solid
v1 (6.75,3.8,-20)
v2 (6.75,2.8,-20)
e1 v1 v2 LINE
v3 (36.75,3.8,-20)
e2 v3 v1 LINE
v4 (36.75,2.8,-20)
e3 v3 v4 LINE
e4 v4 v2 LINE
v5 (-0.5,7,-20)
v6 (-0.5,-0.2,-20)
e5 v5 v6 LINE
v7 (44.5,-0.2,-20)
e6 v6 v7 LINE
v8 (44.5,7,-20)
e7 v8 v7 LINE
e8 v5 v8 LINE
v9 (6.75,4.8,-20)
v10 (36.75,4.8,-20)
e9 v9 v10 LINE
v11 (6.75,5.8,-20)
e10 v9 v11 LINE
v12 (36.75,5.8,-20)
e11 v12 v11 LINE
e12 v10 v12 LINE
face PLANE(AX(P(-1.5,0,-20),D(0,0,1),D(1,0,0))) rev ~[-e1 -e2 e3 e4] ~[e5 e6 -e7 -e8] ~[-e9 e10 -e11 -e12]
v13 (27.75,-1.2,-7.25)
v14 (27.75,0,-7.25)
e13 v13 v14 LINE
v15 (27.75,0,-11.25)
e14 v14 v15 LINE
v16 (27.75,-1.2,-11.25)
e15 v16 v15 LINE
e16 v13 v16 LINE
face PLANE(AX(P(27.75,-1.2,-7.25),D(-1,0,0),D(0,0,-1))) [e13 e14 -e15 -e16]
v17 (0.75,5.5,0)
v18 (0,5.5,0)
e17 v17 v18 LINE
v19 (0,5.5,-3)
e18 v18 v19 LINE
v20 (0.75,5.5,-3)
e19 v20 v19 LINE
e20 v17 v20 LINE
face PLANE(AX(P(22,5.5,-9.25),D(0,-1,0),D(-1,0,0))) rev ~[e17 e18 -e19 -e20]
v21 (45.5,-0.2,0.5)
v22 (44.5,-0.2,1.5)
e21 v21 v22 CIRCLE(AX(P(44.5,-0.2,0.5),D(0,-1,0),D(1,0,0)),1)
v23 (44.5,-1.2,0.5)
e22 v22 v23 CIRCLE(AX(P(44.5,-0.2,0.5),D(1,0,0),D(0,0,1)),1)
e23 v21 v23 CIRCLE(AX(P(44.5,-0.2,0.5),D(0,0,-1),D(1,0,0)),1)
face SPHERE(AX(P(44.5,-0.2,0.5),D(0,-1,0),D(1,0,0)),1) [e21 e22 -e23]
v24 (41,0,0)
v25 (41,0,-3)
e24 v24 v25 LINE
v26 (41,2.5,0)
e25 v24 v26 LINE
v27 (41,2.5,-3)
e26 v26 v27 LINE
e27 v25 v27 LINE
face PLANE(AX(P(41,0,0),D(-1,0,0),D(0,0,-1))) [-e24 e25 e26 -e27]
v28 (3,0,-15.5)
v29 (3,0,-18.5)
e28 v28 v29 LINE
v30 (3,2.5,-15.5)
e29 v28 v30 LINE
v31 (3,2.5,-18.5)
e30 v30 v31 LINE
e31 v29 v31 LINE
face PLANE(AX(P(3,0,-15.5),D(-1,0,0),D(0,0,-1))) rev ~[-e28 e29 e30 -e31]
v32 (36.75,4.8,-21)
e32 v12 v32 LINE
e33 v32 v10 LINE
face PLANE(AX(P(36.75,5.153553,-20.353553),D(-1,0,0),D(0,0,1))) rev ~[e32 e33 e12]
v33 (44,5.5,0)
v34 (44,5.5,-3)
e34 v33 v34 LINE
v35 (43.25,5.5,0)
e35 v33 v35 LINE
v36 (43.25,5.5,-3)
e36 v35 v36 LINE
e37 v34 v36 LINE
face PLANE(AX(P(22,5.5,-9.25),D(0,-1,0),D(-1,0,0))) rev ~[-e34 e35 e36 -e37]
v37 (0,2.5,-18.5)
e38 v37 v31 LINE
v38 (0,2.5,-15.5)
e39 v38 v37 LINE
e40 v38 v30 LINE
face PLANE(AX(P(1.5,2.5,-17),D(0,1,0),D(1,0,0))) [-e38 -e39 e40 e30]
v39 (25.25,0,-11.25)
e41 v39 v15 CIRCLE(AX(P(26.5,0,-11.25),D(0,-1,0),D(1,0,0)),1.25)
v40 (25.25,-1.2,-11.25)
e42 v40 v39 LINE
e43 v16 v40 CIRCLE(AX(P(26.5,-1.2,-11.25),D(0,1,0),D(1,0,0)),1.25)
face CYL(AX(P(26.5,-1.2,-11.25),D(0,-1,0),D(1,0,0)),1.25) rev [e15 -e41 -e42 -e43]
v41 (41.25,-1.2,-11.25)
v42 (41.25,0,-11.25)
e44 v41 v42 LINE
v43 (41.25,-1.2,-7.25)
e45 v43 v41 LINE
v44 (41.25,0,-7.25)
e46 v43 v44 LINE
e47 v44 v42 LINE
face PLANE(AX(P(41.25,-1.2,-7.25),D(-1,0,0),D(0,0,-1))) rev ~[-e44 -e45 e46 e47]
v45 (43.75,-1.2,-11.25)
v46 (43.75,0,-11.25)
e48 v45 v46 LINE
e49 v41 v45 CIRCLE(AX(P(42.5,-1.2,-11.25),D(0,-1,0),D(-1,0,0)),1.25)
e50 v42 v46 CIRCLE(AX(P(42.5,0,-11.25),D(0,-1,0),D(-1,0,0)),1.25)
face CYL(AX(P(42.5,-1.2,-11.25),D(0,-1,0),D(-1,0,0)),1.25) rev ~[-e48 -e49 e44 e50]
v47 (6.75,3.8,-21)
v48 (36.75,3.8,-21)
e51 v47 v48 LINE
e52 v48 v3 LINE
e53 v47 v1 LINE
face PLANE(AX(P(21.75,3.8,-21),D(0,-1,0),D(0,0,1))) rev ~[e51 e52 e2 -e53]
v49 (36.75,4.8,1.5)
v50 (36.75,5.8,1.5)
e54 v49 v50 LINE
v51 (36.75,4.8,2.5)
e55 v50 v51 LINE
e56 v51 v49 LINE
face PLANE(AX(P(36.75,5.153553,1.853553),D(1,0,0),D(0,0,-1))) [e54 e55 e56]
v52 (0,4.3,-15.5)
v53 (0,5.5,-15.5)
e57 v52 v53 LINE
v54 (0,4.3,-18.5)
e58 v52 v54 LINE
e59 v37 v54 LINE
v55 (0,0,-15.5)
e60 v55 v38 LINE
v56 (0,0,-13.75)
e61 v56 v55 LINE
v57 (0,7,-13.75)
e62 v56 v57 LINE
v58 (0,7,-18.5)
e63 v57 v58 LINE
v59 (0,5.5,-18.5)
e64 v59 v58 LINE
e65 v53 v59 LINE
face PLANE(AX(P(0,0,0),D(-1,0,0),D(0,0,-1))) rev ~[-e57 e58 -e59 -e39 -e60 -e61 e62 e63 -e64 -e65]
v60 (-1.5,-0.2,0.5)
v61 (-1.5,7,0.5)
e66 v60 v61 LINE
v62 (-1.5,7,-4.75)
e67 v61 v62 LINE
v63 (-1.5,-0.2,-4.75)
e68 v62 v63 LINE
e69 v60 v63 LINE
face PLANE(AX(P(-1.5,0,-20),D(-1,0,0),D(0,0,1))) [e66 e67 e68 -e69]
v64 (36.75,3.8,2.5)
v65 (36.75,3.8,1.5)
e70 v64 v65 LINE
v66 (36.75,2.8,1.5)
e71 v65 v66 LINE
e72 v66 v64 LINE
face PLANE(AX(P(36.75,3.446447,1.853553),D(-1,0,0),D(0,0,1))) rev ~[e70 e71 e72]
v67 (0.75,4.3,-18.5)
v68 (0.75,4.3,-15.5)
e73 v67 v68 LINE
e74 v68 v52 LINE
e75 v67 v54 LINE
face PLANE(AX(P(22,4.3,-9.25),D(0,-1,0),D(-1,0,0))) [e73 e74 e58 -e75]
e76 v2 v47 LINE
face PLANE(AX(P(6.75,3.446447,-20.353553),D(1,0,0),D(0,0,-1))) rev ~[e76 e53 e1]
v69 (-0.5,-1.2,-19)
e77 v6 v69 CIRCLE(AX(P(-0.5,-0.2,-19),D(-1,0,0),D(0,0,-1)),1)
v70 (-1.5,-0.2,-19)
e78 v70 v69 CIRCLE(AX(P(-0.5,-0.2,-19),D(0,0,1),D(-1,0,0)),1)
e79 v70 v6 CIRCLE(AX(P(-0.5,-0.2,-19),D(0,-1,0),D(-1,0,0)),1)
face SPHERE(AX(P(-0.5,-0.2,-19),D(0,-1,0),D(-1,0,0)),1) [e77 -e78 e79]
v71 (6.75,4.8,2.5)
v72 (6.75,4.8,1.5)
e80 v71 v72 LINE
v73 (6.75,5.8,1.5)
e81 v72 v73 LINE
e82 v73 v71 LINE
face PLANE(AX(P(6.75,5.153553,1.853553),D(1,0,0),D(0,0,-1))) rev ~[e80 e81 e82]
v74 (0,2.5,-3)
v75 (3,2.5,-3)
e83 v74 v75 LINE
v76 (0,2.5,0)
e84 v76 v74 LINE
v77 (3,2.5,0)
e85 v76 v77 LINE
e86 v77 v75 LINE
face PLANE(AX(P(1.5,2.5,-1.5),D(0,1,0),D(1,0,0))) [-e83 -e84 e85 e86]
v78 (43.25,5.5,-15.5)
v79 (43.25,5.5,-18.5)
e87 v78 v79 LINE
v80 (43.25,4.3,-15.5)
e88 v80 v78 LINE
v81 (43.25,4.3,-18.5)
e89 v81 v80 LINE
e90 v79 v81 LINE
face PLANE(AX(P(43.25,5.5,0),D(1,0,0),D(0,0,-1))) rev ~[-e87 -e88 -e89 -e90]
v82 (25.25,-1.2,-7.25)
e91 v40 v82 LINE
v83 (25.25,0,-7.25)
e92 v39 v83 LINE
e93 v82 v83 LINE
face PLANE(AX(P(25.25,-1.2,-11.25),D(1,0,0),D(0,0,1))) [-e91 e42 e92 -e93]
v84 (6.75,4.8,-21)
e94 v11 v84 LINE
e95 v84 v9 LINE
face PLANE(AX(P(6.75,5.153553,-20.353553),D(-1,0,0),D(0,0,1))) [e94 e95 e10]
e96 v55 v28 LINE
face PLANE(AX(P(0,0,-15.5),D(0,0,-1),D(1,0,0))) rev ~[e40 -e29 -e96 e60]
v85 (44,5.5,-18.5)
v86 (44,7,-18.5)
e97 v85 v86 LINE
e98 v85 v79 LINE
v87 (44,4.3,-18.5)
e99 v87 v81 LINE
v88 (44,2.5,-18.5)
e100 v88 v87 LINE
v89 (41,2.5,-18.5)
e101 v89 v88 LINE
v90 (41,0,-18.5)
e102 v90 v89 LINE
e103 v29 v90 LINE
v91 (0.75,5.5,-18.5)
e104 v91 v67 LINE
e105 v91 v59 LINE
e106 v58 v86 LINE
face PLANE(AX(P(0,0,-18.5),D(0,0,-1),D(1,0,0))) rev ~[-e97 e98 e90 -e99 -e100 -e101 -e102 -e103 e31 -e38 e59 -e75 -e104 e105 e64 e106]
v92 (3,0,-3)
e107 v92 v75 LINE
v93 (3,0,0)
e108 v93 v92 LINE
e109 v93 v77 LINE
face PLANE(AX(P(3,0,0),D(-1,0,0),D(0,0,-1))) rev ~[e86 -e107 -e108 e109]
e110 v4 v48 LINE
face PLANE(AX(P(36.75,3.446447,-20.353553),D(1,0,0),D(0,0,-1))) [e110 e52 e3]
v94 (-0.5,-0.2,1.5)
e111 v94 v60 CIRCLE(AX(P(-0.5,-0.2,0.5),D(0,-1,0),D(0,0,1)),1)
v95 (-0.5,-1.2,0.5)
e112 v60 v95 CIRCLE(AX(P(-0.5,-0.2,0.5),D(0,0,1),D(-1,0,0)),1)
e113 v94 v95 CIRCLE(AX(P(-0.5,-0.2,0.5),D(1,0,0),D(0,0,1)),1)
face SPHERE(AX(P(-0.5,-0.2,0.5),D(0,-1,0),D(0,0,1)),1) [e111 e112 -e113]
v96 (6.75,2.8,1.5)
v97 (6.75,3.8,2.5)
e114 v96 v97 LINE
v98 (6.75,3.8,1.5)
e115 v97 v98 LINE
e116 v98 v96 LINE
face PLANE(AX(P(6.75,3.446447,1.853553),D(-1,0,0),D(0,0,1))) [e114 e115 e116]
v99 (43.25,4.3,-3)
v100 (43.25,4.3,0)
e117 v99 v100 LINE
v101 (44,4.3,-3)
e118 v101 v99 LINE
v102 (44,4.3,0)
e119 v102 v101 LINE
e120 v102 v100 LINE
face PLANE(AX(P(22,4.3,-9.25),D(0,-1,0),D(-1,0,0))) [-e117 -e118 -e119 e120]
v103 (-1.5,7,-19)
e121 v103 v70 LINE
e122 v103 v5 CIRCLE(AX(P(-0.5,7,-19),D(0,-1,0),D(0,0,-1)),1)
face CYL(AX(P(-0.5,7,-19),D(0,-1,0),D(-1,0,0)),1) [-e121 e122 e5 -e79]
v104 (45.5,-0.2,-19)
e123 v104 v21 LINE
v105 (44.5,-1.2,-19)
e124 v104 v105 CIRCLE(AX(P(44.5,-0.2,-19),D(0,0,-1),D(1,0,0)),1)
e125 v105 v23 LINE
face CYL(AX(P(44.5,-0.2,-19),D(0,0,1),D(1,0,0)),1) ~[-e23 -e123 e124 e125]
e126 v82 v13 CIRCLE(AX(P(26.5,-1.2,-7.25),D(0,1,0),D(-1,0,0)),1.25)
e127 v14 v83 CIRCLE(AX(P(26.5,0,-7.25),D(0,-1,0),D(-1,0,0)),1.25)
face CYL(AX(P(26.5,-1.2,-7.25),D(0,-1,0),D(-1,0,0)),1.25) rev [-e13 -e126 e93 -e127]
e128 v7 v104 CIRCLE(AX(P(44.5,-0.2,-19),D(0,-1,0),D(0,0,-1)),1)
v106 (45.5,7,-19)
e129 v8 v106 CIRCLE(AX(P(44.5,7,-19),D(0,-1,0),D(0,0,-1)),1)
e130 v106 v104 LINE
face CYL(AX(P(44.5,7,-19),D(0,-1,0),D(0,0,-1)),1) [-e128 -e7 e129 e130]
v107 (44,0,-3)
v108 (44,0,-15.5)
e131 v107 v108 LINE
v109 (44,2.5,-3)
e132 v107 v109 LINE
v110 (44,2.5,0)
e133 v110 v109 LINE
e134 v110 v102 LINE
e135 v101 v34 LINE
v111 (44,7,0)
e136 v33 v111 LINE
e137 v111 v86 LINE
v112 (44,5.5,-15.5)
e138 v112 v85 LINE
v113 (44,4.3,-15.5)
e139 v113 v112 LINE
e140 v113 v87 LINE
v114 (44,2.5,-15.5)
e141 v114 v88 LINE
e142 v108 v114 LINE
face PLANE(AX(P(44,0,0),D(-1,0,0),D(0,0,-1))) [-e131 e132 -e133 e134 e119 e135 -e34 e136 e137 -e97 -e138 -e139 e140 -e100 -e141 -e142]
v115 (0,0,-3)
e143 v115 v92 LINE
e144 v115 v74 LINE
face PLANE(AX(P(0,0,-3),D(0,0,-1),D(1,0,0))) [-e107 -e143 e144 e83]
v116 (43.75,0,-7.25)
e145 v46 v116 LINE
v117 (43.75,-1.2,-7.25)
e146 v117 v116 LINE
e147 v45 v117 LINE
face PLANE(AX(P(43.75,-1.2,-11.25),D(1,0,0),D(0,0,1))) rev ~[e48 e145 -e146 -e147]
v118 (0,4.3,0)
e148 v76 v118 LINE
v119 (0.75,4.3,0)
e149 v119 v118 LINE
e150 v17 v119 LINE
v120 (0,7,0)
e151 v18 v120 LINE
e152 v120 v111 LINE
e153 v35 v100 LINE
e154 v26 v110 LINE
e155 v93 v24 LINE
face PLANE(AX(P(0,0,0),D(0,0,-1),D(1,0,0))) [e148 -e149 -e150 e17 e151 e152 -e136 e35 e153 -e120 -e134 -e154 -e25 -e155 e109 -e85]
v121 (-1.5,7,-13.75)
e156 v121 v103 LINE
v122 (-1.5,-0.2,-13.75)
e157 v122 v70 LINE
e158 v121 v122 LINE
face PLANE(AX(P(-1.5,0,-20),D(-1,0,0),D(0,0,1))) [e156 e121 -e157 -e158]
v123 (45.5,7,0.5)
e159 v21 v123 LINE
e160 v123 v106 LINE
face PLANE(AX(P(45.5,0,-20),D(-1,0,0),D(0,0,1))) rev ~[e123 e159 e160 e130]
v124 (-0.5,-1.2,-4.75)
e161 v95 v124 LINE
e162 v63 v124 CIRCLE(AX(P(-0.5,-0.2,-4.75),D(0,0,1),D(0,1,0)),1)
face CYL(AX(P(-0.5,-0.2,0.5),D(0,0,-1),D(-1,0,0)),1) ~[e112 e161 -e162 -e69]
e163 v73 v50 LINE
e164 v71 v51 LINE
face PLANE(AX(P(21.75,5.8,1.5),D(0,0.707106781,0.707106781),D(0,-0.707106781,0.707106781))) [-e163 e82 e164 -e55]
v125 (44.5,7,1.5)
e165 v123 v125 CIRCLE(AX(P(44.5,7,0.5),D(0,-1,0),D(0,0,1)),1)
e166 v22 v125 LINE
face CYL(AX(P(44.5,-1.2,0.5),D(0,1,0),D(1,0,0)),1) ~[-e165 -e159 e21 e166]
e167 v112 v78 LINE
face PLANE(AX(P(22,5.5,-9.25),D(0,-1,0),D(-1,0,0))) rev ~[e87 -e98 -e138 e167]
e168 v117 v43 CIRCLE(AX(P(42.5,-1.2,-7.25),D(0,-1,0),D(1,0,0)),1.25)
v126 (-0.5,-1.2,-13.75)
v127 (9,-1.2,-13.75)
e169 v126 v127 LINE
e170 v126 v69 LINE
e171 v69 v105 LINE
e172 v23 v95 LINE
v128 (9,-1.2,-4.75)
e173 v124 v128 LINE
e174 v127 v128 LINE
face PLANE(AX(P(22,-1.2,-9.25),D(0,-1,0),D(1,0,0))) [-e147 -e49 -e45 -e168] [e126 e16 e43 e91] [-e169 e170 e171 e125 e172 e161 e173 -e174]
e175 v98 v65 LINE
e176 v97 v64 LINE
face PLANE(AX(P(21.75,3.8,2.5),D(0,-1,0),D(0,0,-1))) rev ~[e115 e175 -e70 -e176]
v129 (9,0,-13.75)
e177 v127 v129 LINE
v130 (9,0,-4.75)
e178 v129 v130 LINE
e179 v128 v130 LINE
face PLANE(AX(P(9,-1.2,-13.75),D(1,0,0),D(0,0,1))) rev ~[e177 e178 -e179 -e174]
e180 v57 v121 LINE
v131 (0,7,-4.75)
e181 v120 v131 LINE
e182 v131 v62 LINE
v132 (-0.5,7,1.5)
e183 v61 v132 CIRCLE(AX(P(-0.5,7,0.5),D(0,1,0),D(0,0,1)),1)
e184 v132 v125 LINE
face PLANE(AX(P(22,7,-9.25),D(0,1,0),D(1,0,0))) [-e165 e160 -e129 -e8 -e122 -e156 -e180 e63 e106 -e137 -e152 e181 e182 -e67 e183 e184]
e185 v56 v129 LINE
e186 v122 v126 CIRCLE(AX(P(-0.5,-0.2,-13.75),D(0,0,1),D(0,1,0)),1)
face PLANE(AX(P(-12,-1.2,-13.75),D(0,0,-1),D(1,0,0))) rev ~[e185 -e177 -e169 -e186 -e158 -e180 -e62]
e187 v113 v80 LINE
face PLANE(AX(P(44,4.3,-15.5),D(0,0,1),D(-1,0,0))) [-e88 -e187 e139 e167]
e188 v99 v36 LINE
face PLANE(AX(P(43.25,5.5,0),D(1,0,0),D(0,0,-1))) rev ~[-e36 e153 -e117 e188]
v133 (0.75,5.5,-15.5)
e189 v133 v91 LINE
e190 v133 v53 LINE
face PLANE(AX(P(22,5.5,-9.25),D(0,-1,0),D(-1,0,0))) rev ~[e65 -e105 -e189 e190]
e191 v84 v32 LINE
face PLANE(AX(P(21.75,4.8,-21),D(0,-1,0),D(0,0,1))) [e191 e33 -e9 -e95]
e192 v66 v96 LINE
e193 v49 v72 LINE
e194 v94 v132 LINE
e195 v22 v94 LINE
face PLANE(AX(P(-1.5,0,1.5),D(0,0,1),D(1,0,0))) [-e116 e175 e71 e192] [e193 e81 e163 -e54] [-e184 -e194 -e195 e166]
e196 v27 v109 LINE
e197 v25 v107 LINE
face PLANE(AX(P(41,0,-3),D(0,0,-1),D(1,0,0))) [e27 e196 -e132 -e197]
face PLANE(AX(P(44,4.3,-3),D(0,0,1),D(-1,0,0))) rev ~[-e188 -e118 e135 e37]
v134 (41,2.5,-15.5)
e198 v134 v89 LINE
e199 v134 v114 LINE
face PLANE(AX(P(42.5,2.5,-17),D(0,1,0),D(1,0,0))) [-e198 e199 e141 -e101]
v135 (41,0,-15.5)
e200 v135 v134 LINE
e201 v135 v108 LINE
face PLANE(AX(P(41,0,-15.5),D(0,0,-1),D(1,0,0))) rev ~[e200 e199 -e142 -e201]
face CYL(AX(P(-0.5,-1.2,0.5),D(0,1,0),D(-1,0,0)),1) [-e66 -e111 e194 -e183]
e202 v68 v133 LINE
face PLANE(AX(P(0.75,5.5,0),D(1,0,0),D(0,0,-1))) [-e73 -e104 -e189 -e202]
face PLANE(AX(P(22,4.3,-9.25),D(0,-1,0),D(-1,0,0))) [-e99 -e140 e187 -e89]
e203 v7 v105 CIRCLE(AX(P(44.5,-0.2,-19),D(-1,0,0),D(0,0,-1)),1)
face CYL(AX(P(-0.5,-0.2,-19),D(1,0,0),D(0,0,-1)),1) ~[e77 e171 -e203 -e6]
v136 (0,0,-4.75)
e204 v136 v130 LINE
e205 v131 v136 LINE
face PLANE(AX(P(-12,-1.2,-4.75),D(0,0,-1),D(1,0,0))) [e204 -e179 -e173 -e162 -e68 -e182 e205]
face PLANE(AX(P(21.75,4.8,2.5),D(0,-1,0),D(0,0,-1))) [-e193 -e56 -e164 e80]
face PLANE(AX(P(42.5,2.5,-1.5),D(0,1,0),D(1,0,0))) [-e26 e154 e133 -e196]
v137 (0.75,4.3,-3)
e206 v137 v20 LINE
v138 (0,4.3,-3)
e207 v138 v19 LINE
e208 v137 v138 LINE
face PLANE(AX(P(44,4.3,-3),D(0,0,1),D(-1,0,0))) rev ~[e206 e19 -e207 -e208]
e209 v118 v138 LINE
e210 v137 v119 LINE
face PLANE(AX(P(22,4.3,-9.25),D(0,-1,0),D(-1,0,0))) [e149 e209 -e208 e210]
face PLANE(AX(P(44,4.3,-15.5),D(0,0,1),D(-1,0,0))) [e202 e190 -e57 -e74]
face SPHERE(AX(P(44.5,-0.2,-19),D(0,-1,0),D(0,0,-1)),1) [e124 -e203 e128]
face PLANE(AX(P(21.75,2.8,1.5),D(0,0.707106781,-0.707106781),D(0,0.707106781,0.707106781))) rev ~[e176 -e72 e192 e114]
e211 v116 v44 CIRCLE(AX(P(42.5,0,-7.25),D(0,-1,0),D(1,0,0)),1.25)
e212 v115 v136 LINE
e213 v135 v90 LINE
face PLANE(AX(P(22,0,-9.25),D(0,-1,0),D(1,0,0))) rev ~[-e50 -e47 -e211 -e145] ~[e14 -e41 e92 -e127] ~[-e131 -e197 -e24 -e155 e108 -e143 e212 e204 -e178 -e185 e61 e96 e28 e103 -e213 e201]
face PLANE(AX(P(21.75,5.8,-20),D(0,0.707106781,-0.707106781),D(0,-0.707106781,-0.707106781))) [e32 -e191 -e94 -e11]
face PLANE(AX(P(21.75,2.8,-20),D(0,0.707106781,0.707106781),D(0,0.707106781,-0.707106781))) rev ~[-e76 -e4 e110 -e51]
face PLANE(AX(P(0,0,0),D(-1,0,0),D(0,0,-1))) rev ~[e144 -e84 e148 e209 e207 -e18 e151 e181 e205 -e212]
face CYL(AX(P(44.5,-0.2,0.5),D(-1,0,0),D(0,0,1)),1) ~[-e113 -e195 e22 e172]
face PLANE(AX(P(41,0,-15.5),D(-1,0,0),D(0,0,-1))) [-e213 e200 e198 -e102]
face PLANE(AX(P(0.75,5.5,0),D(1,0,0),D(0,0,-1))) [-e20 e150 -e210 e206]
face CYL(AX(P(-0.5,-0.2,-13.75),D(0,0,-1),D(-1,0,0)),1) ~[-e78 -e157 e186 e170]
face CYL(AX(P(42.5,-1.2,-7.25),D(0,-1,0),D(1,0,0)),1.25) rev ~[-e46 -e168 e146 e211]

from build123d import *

# Parameters (mm, degrees)
SKETCH1_W                = 47
SKETCH1_H                = 21.5
SKETCH1_W_2              = 44
SKETCH1_H_2              = 18.5
EXTRUDE_THIN1_DEPTH      = 7
SKETCH2_W                = 47
SKETCH2_H                = 21.5
BOSS_EXTRUDE1_DEPTH      = 1.2
SKETCH3_W                = 21
SKETCH3_H                = 9
CUT_EXTRUDE1_DEPTH       = 9.2
CUT_EXTRUDE2_DEPTH       = 9.2
SKETCH5_W                = 44
SKETCH5_H                = 18.5
BOSS_EXTRUDE2_DEPTH      = 1.2
SKETCH6_W                = 44
SKETCH6_H                = 12.5
CUT_EXTRUDE3_DEPTH       = 1.2
SKETCH9_W                = 42.5
SKETCH9_H                = 18.5
CUT_EXTRUDE4_DEPTH       = 3
BOSS_EXTRUDE3_DEPTH      = 15
BOSS_EXTRUDE3_DEPTH_BACK = 15
SKETCH13_W               = 3
SKETCH13_H               = 3
BOSS_EXTRUDE4_DEPTH      = 2.5
FILLET1_R                = 1
FILLET2_R                = 1


with BuildPart() as part:
    # Sketch1 → Extrude-Thin1 (new body)
    with BuildSketch(Plane(origin=(0, 0, 0), x_dir=(1, 0, 0), z_dir=(0, 1, 0))):
        with Locations((22, 9.25)):
            Rectangle(SKETCH1_W, SKETCH1_H)
        with Locations((22, 9.25)):
            Rectangle(SKETCH1_W_2, SKETCH1_H_2, mode=Mode.SUBTRACT)
    extrude(amount=EXTRUDE_THIN1_DEPTH)

    # Sketch2 → Boss-Extrude1 (add)
    with BuildSketch(Plane.XZ):
        with Locations((22, -9.25)):
            Rectangle(SKETCH2_W, SKETCH2_H)
    extrude(amount=BOSS_EXTRUDE1_DEPTH)

    # Sketch3 → Cut-Extrude1 (cut, through all)
    with BuildSketch(Plane.XZ.offset(1.2)):
        with Locations((-1.5, -9.25)):
            Rectangle(SKETCH3_W, SKETCH3_H)
    extrude(amount=-CUT_EXTRUDE1_DEPTH, mode=Mode.SUBTRACT)

    # Sketch4 → Cut-Extrude2 (cut, through all)
    with BuildSketch(Plane.XZ.offset(1.2)):
        with BuildLine():
            Line((25.25, -11.25), (25.25, -7.25))
            ThreePointArc((25.25, -7.25), (26.5, -6), (27.75, -7.25))
            Line((27.75, -7.25), (27.75, -11.25))
            ThreePointArc((27.75, -11.25), (26.5, -12.5), (25.25, -11.25))
        make_face()
        with BuildLine():
            Line((43.75, -11.25), (43.75, -7.25))
            ThreePointArc((43.75, -7.25), (42.5, -6), (41.25, -7.25))
            Line((41.25, -7.25), (41.25, -11.25))
            ThreePointArc((41.25, -11.25), (42.5, -12.5), (43.75, -11.25))
        make_face()
    extrude(amount=-CUT_EXTRUDE2_DEPTH, mode=Mode.SUBTRACT)

    # Sketch5 → Boss-Extrude2 (add)
    with BuildSketch(Plane(origin=(0, 5.5, 0), x_dir=(-1, 0, 0), z_dir=(0, -1, 0))):
        with Locations((-22, 9.25)):
            Rectangle(SKETCH5_W, SKETCH5_H)
    extrude(amount=BOSS_EXTRUDE2_DEPTH)

    # Sketch6 → Cut-Extrude3 (cut)
    with BuildSketch(Plane(origin=(0, 4.3, 0), x_dir=(-1, 0, 0), z_dir=(0, -1, 0))):
        with Locations((-22, 9.25)):
            Rectangle(SKETCH6_W, SKETCH6_H)
    extrude(amount=-CUT_EXTRUDE3_DEPTH, mode=Mode.SUBTRACT)

    # Sketch9 → Cut-Extrude4 (cut)
    with BuildSketch(Plane(origin=(0, 5.5, 0), x_dir=(1, 0, 0), z_dir=(0, 1, 0))):
        with Locations((22, 9.25)):
            Rectangle(SKETCH9_W, SKETCH9_H)
    extrude(amount=-CUT_EXTRUDE4_DEPTH, mode=Mode.SUBTRACT)

    # Sketch10 → Boss-Extrude3 (add, two sides)
    with BuildSketch(Plane.ZY.offset(-21.75)) as boss_extrude3_sk:
        Polygon((-20, 2.8), (-21, 3.8), (-20, 3.8), align=None)
        Polygon((2.5, 3.8), (1.5, 3.8), (1.5, 2.8), align=None)
        Polygon((1.5, 5.8), (2.5, 4.8), (1.5, 4.8), align=None)
        Polygon((-21, 4.8), (-20, 4.8), (-20, 5.8), align=None)
    extrude(amount=BOSS_EXTRUDE3_DEPTH)
    extrude(boss_extrude3_sk.sketch, amount=-BOSS_EXTRUDE3_DEPTH_BACK)

    # Sketch13 → Boss-Extrude4 (add)
    with BuildSketch(Plane(origin=(0, 0, 0), x_dir=(1, 0, 0), z_dir=(0, 1, 0))):
        with Locations((1.5, 1.5)):
            Rectangle(SKETCH13_W, SKETCH13_H)
        with Locations((42.5, 17)):
            Rectangle(SKETCH13_W, SKETCH13_H)
        with Locations((42.5, 1.5)):
            Rectangle(SKETCH13_W, SKETCH13_H)
        with Locations((1.5, 17)):
            Rectangle(SKETCH13_W, SKETCH13_H)
    extrude(amount=BOSS_EXTRUDE4_DEPTH)

    # Fillet1
    fillet1_edges = [part.edges().sort_by_distance(p)[0] for p in [
        (-1.5, 2.9, -20),
        (45.5, 2.9, -20),
        (45.5, 2.9, 1.5),
        (-1.5, 2.9, 1.5),
    ]]
    fillet(fillet1_edges, radius=FILLET1_R)

    # Fillet2
    fillet2_edges = [part.edges().sort_by_distance(p)[0] for p in [
        (22, -1.2, -20),
        (45.5, -1.2, -9.25),
        (22, -1.2, 1.5),
        (-1.5, -1.2, -2.125),
        (-1.207106781, -1.2, 1.207106781),
        (45.207106781, -1.2, 1.207106781),
        (45.207106781, -1.2, -19.707106781),
        (-1.207106781, -1.2, -19.707106781),
        (-1.5, -1.2, -16.375),
    ]]
    fillet(fillet2_edges, radius=FILLET2_R)


solid = part.part
